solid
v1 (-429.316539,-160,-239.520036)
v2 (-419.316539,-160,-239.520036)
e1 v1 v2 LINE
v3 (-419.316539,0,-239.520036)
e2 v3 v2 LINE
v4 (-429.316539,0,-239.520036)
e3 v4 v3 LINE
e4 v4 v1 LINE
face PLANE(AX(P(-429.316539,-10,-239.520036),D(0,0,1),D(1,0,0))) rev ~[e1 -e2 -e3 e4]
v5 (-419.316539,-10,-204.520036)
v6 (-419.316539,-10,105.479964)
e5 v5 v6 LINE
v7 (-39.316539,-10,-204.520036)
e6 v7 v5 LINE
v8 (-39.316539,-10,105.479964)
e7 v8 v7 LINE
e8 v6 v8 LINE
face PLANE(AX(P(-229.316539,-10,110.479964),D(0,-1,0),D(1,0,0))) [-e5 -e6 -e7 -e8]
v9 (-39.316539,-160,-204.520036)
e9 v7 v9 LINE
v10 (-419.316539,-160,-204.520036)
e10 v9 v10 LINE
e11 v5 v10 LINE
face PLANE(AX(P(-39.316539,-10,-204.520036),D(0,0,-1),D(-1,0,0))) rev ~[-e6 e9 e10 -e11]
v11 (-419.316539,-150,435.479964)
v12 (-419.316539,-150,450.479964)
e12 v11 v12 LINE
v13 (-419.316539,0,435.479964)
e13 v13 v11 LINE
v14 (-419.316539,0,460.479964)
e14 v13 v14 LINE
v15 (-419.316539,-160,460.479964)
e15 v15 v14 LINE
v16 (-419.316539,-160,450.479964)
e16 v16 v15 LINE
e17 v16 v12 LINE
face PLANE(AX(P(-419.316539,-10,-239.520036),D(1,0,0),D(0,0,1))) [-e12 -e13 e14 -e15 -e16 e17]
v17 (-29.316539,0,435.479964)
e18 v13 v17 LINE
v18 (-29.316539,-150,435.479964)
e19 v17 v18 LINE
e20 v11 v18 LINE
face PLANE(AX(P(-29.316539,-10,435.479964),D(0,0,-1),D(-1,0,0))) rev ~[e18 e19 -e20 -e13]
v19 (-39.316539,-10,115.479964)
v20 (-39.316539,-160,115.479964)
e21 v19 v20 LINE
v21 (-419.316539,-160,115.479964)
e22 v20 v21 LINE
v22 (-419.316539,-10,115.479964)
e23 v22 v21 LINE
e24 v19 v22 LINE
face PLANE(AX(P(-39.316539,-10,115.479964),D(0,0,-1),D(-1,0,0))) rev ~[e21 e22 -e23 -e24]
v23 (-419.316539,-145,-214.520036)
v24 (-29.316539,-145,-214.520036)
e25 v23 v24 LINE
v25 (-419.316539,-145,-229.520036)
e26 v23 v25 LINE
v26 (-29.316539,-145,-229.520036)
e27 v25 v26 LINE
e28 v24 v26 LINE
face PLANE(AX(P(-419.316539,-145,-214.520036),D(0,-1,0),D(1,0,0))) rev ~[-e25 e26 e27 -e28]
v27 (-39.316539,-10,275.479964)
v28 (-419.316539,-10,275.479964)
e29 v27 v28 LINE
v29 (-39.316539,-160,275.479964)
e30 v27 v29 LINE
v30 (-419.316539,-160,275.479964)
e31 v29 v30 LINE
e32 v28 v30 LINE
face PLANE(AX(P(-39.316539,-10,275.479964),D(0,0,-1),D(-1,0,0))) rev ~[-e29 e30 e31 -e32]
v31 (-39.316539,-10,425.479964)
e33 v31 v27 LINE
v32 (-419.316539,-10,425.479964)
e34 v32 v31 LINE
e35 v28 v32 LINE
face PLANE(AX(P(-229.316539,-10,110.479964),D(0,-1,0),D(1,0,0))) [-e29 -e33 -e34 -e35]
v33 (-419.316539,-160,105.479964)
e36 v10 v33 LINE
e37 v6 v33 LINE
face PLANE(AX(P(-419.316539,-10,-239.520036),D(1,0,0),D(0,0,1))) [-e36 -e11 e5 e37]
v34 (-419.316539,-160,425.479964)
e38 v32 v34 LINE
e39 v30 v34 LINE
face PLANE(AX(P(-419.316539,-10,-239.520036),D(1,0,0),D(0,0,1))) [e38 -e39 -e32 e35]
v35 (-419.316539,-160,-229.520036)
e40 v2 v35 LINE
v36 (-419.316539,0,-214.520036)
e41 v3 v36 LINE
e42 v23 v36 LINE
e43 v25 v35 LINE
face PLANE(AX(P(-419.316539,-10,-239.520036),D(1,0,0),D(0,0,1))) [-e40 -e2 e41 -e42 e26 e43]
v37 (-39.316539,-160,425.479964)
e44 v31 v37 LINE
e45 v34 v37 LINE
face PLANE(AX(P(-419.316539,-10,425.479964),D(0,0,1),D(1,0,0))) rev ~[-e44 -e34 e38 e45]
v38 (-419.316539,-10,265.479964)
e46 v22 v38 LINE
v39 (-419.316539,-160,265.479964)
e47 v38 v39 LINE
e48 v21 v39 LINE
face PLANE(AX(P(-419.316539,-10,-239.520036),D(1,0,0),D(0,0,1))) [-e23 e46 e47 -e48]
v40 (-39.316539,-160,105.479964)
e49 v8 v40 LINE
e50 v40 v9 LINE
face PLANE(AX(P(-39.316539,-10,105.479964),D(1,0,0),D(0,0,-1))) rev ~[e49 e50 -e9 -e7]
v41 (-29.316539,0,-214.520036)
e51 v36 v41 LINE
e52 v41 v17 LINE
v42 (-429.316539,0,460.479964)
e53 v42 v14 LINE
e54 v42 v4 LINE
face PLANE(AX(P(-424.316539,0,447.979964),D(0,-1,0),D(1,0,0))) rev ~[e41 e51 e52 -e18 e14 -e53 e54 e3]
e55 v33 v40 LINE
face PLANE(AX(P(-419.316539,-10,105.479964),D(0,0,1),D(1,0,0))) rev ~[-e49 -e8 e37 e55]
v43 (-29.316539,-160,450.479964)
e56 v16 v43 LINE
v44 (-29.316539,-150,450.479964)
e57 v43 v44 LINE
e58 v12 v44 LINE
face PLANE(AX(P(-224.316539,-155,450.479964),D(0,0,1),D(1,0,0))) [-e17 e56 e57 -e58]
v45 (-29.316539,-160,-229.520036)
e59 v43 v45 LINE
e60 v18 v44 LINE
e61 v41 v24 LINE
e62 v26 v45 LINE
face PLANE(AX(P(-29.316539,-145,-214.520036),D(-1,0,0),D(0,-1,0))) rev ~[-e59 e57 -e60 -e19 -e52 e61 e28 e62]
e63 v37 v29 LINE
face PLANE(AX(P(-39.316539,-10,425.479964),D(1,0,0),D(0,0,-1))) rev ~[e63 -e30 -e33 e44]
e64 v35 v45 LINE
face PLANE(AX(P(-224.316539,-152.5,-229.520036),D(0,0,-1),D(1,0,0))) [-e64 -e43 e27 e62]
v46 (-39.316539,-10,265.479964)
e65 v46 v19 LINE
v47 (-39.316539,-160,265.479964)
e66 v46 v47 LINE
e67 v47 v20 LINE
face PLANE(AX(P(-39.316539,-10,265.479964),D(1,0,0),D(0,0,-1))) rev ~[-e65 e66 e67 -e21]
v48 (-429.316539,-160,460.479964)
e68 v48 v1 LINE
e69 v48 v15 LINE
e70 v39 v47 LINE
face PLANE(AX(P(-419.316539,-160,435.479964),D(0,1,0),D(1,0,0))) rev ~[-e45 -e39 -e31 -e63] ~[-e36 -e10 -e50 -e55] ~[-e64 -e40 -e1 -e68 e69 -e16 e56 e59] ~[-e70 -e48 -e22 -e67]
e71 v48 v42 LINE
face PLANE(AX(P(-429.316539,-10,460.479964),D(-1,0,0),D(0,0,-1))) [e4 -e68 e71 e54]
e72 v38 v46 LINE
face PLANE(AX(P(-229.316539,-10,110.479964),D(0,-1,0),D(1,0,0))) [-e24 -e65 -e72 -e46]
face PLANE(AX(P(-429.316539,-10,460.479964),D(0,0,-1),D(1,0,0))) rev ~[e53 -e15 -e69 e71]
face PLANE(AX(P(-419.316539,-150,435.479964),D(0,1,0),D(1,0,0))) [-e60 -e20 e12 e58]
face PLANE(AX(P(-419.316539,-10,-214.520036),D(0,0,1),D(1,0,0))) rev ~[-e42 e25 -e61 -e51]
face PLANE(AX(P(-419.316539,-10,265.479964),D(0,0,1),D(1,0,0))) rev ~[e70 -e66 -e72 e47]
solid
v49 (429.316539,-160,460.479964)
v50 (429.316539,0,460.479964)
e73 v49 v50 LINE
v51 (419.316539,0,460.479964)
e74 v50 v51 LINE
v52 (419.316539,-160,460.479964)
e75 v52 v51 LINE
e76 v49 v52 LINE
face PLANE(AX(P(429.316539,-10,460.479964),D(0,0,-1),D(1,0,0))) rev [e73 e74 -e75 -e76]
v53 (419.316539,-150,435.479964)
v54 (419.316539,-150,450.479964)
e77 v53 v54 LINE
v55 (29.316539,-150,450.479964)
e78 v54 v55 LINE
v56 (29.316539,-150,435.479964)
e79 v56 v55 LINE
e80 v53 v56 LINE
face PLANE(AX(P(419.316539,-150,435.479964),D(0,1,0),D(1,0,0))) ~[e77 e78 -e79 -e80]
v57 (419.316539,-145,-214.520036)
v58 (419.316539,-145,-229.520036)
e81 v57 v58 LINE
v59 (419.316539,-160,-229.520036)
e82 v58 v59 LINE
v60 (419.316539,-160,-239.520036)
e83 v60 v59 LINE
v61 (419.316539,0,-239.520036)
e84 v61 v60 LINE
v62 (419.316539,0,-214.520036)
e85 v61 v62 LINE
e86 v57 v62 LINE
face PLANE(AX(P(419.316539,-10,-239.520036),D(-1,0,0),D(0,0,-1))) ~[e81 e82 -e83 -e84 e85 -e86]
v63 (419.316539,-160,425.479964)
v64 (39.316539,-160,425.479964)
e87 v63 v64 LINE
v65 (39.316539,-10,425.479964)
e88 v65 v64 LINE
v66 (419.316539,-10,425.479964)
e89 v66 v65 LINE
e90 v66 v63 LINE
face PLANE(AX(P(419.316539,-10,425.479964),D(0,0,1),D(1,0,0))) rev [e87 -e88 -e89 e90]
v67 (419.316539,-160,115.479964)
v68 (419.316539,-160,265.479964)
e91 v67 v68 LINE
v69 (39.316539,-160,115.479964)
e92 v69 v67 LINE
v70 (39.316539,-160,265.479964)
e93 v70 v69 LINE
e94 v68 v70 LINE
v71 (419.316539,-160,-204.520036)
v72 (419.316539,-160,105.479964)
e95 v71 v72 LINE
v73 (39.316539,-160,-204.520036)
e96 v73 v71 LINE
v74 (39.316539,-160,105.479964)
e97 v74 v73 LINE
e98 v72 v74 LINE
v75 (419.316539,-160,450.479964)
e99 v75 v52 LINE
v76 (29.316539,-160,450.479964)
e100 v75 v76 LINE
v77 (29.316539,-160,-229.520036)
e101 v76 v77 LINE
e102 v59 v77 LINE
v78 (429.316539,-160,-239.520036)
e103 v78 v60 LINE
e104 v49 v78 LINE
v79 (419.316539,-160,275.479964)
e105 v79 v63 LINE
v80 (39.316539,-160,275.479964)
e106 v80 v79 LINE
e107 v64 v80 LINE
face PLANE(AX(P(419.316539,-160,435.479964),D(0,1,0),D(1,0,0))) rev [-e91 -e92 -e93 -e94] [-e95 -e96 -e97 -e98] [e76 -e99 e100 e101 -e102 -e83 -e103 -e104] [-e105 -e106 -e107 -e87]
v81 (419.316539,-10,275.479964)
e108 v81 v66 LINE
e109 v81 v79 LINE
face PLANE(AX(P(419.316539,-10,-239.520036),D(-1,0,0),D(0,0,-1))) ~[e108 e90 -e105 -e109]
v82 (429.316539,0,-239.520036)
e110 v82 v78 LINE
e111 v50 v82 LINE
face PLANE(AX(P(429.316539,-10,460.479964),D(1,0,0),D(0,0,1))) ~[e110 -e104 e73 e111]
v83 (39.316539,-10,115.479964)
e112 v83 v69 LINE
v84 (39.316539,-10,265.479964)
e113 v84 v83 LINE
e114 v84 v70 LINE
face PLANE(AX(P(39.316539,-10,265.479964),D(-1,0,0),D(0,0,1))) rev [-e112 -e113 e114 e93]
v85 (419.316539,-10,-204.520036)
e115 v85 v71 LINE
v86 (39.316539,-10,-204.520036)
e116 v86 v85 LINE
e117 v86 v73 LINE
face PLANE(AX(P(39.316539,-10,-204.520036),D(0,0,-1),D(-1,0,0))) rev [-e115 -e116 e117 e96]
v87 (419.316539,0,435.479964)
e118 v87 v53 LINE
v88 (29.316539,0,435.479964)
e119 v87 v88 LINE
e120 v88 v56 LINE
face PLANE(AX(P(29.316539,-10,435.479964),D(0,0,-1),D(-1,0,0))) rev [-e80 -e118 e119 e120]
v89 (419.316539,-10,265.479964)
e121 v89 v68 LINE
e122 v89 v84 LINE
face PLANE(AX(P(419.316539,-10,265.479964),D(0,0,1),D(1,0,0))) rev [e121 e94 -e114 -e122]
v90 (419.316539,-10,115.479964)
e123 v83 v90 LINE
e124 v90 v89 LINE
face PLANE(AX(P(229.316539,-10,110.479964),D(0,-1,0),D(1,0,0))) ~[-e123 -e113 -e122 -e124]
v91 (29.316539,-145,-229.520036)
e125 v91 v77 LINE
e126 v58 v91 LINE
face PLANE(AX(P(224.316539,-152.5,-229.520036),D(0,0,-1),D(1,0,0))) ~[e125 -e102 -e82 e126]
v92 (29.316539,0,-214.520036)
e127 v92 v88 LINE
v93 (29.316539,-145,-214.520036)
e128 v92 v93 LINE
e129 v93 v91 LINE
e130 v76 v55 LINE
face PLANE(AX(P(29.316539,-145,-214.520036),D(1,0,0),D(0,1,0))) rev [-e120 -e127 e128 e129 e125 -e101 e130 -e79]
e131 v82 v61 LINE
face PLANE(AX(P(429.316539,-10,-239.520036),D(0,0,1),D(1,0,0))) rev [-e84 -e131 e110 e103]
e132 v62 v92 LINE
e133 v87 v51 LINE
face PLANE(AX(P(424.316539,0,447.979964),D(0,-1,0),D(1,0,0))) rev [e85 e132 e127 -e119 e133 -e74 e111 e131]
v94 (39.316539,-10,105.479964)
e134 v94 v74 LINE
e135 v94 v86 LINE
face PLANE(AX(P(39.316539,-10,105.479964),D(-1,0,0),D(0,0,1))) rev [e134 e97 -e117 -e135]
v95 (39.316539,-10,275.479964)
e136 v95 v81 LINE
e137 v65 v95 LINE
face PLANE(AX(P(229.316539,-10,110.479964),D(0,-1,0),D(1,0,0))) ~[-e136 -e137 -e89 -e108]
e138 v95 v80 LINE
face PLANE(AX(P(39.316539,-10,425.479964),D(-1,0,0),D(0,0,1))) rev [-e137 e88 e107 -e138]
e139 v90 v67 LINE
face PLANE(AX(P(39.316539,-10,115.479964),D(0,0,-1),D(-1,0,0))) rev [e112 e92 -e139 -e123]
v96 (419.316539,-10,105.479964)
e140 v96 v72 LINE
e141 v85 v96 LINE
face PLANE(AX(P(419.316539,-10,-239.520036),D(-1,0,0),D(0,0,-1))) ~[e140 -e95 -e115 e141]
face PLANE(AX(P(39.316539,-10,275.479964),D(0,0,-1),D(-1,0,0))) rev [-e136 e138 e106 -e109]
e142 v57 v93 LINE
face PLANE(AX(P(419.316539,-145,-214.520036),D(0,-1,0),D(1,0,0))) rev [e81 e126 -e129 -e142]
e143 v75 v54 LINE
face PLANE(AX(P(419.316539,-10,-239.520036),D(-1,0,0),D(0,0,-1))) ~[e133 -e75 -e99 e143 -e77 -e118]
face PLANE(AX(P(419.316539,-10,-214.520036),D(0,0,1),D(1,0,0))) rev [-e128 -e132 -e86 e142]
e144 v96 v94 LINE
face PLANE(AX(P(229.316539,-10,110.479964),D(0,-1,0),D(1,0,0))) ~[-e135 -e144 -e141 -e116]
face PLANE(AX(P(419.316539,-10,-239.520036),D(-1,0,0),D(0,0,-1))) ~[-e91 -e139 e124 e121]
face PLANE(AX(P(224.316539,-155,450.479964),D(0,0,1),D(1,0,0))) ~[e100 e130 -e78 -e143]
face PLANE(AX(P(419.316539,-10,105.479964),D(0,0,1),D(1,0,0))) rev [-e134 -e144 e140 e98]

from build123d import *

# Parameters (mm, degrees)
F0_W          = 400
F0_H          = 650
F1_DEPTH      = 10
F2_W          = 10
F2_H          = 25
F2_H_2        = 650
F3_DEPTH      = 150
F3_DEPTH_BACK = 10
F5_DEPTH      = 150
F6_W          = 390
F6_H          = 10
F7_DEPTH      = 15
F8_W          = 390
F8_H          = 15
F9_DEPTH      = 15


with BuildPart() as f1:
    # F0 (on Front) → F1 (new body)
    with BuildSketch(Plane.XZ):
        with Locations((-229.316539192, 110.4799643159)):
            Rectangle(F0_W, F0_H)
    extrude(amount=F1_DEPTH)

    # F2 (on face) → F3 (join, two sides)
    with BuildSketch(Plane.XZ.offset(10)) as f3_sk:
        with Locations((-424.316539192, 447.9799643159)):
            Rectangle(F2_W, F2_H)
        with Locations((-424.316539192, 110.4799643159)):
            Rectangle(F2_W, F2_H_2)
        with Locations((-424.316539192, -227.0200356841)):
            Rectangle(F2_W, F2_H)
    extrude(amount=F3_DEPTH)
    extrude(f3_sk.sketch, amount=-F3_DEPTH_BACK)

    # F4 (on face) → F5 (join)
    with BuildSketch(Plane.XZ.offset(10)):
        Polygon((-419.316539192, 435.4799643159), (-419.316539192, 425.4799643159), (-39.3165391921, 425.4799643159), (-39.316539192, 275.4799643159), (-419.316539192, 275.4799643159), (-419.316539192, 265.4799643159), (-39.3165391921, 265.4799643159), (-39.3165391921, 115.4799643159), (-419.316539192, 115.4799643159), (-419.316539192, 105.4799643159), (-39.316539192, 105.4799643159), (-39.316539192, -204.5200356841), (-419.316539192, -204.5200356841), (-419.316539192, -214.5200356841), (-29.316539192, -214.5200356841), (-29.316539192, 435.4799643159), align=None)
    extrude(amount=F5_DEPTH)

    # F6 (on face) → F7 (join)
    with BuildSketch(Plane.XY.offset(435.4799643159)):
        with Locations((-224.316539192, -155)):
            Rectangle(F6_W, F6_H)
    extrude(amount=F7_DEPTH)

    # F8 (on face) → F9 (join)
    with BuildSketch(Plane(origin=(0, 0, -214.5200356841), x_dir=(1, 0, 0), z_dir=(0, 0, -1))):
        with Locations((-224.316539192, 152.5)):
            Rectangle(F8_W, F8_H)
    extrude(amount=F9_DEPTH)


with BuildPart() as f10_1:
    # F10: instance of F1
    add(f1.part.mirror(Plane.YZ))


solid = Compound([f1.part, f10_1.part])
